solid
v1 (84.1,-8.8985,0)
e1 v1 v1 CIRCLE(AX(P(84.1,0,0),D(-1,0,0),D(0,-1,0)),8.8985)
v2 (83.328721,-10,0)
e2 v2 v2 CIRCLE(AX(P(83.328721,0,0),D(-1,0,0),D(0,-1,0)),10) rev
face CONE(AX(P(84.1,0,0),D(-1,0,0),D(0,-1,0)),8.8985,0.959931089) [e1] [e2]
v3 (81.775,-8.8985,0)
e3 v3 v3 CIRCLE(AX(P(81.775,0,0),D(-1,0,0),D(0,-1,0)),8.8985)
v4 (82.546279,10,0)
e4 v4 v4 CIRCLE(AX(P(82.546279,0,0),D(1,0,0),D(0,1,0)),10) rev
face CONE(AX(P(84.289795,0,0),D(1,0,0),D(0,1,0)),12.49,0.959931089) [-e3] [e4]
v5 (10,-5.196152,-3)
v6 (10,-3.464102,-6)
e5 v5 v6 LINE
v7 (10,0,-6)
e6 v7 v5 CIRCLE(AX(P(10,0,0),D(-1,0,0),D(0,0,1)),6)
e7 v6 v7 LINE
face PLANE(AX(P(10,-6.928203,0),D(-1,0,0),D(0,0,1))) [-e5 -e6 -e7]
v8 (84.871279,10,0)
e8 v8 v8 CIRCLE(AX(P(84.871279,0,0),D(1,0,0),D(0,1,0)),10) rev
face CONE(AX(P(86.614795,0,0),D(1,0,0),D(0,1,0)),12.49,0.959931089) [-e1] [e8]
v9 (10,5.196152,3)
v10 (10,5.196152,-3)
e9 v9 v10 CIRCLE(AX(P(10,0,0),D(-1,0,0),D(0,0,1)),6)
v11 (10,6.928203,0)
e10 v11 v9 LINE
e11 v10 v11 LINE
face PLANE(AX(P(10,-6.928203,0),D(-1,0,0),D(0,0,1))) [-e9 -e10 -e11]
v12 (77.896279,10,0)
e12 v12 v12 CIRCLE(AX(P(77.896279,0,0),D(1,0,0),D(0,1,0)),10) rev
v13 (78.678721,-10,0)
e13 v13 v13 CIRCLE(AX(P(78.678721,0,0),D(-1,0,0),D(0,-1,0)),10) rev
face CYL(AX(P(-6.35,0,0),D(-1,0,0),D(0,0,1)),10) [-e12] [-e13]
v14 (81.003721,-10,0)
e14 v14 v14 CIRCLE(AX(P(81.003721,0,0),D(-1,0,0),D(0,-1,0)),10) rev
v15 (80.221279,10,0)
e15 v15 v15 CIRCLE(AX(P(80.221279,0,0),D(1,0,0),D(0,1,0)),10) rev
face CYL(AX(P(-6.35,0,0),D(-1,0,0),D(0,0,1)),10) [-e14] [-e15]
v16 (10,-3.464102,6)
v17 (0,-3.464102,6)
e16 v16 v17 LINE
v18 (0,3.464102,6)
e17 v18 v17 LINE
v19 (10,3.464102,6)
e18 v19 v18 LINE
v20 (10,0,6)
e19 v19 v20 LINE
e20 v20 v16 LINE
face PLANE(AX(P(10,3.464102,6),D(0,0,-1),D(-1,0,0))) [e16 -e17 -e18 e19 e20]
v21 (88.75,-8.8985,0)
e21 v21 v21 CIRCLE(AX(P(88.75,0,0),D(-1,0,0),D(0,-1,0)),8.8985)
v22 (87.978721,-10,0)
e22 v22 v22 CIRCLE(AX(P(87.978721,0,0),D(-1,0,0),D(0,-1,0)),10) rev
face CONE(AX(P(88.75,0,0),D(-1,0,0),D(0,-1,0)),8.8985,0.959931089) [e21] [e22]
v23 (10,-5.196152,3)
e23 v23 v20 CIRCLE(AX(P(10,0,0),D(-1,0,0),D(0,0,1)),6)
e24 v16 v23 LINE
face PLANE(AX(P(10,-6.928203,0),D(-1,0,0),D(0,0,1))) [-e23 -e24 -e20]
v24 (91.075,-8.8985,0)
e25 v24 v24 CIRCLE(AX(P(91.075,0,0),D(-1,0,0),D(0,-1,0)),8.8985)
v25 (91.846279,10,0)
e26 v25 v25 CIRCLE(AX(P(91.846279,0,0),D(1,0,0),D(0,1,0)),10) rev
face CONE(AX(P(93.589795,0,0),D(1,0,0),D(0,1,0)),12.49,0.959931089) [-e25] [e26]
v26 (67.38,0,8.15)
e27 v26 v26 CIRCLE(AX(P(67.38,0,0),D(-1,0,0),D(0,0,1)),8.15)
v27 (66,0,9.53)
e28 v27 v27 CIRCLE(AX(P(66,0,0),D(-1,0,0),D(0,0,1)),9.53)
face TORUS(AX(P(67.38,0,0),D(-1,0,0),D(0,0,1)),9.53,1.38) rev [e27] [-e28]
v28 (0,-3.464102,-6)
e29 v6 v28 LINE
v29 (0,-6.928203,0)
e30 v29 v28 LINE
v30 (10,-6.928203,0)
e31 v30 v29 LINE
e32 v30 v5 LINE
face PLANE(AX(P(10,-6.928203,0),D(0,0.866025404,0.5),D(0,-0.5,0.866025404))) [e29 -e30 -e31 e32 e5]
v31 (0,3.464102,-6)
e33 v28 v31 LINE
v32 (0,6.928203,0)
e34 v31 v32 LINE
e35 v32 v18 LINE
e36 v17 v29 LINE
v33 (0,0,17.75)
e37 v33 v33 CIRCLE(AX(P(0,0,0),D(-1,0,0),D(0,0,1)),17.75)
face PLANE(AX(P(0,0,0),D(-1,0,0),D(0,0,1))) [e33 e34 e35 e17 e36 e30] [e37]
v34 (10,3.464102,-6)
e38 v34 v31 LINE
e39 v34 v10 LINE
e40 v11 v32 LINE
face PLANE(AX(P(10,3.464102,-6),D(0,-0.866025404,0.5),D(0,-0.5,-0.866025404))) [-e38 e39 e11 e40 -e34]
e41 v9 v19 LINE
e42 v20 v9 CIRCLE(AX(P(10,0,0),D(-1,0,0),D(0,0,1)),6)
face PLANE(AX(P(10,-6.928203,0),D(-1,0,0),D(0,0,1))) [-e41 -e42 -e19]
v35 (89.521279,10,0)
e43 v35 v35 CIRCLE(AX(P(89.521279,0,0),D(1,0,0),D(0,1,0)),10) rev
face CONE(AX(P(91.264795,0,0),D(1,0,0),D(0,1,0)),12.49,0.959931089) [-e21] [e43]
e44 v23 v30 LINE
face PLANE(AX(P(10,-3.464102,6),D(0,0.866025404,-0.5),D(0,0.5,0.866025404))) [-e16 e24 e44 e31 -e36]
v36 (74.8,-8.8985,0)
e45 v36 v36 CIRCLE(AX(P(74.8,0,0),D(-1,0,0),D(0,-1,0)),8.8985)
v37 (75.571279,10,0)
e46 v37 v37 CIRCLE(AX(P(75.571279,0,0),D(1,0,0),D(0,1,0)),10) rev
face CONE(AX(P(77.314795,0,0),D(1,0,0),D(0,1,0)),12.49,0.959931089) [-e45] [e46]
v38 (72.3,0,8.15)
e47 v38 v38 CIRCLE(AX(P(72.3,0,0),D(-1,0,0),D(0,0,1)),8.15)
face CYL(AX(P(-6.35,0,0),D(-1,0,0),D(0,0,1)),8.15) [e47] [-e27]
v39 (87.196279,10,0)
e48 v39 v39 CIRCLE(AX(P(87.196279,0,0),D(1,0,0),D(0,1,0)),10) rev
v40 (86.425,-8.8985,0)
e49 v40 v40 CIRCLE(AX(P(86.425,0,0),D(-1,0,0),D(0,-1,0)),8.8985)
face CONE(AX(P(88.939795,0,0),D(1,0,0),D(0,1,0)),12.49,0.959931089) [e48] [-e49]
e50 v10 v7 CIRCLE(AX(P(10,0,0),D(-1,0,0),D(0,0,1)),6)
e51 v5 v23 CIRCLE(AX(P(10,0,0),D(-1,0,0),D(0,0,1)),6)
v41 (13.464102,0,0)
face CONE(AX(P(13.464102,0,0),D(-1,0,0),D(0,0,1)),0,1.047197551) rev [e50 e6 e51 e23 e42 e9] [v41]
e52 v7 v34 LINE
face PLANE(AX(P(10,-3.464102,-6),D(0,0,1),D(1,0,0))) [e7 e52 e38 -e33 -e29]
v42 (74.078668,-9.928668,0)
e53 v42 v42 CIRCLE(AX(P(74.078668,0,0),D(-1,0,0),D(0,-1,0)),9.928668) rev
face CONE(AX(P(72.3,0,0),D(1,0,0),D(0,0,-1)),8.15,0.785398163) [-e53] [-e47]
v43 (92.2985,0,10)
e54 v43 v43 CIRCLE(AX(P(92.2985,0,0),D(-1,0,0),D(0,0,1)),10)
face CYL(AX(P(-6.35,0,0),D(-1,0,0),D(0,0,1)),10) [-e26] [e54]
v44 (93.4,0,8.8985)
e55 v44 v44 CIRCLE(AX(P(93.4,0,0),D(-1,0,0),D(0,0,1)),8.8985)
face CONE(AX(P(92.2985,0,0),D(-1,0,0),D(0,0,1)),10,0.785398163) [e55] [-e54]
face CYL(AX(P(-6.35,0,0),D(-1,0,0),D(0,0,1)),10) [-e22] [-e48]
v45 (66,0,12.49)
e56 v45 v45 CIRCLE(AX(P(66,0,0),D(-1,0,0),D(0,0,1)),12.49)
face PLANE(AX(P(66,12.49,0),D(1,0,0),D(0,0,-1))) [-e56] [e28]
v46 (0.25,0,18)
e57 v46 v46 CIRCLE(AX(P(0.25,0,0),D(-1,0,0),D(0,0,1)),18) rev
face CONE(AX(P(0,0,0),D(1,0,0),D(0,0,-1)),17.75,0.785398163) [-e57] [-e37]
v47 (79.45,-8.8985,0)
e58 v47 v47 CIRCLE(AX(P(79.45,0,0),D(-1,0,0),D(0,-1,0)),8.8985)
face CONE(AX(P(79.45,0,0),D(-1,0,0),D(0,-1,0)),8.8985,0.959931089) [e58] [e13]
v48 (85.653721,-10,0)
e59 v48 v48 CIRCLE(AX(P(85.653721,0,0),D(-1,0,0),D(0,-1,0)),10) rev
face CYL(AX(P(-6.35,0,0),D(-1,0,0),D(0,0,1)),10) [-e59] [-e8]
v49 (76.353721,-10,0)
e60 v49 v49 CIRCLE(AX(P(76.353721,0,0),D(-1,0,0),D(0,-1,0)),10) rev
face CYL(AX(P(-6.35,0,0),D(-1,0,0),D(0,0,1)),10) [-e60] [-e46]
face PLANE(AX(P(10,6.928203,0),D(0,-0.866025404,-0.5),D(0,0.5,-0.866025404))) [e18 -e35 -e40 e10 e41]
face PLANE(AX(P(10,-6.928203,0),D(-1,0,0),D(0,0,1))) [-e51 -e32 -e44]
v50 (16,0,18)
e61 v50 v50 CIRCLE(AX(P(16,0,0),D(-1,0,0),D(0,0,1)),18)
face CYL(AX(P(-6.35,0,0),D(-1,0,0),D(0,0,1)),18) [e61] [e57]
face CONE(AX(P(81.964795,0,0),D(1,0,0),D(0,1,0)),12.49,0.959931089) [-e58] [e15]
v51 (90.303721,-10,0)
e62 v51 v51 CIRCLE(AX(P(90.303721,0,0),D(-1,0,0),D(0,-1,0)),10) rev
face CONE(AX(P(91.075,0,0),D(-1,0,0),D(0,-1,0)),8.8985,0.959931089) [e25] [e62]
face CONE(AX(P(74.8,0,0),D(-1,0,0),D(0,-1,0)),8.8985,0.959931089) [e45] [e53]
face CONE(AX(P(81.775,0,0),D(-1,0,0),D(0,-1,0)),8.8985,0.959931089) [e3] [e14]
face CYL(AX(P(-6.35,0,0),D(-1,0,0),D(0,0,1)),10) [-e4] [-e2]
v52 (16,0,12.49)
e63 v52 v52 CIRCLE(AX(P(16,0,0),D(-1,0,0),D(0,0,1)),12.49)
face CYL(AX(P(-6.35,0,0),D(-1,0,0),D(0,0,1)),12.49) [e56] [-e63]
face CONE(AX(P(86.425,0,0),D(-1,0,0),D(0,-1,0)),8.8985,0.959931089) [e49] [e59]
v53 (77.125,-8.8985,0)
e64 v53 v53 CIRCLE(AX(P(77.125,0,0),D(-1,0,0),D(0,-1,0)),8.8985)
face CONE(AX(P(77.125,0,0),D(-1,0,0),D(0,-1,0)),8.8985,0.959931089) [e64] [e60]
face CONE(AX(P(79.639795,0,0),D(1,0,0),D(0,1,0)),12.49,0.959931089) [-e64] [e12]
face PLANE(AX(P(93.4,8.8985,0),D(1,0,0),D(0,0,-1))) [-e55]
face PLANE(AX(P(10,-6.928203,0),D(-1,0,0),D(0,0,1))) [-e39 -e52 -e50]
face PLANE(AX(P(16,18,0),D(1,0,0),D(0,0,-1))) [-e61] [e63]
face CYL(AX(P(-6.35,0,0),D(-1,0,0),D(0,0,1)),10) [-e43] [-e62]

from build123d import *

# Parameters (mm, degrees)
CHAMFER1_SIZE   = 0.25
HEX_2_DEPTH     = 10
THDSCHPAT_COUNT = 8
THDSCHPAT_PITCH = 2.325


with BuildPart() as part:
    # BodySke → BaseBody (revolve)
    with BuildSketch(Plane.XY, mode=Mode.PRIVATE) as basebody_sk:
        with BuildLine():
            Line((0, 0), (0, 18))
            Line((0, 18), (16, 18))
            Line((16, 18), (16, 12.49))
            Line((16, 12.49), (66, 12.49))
            Line((66, 12.49), (66, 9.53))
            ThreePointArc((66, 9.53), (66.404192642, 8.554192642), (67.38, 8.15))
            Line((67.38, 8.15), (72.3, 8.15))
            Line((72.3, 8.15), (74.15, 10))
            Line((74.15, 10), (92.2985, 10))
            Line((92.2985, 10), (93.4, 8.8985))
            Line((93.4, 8.8985), (93.4, 0))
            Line((93.4, 0), (0, 0))
        make_face()
    revolve(basebody_sk.sketch.rotate(Axis((-6.35, 0, 0), (1, 0, 0)), 90), axis=Axis((-6.35, 0, 0), (1, 0, 0)))

    # Chamfer1
    chamfer1_edges = [part.edges().sort_by_distance(p)[0] for p in [
        (0, 0, -18),
    ]]
    chamfer(chamfer1_edges, length=CHAMFER1_SIZE)

    # Sketch2 → PreBroach (revolve, cut)
    with BuildSketch(Plane.XY, mode=Mode.PRIVATE) as prebroach_sk:
        Polygon((0, 6), (10, 6), (13.464101615, 0), (0, 0), align=None)
    revolve(prebroach_sk.sketch.rotate(Axis((0, 0, 0), (1, 0, 0)), 90), axis=Axis((0, 0, 0), (1, 0, 0)), mode=Mode.SUBTRACT)

    # Sketch3 → Hex 2 (cut)
    with BuildSketch(Plane.ZY):
        Polygon((-6, -3.464101615), (-6, 3.464101615), (0, 6.92820323), (6, 3.464101615), (6, -3.464101615), (0, -6.92820323), align=None)
    extrude(amount=-HEX_2_DEPTH, mode=Mode.SUBTRACT)

    # ThdSchSke → ThreadSchematic (revolve, cut)
    with BuildSketch(Plane.XY):
        Polygon((74.8, -8.8985), (72.285204627, -12.49), (72.285204627, -15.6125), (77.314795373, -15.6125), (77.314795373, -12.49), align=None)
    threadschematic = revolve(axis=Axis((-3.175, 0, 0), (1, 0, 0)), mode=Mode.SUBTRACT)

    # ThdSchPat: ThreadSchematic ×8
    with Locations(*[(i * THDSCHPAT_PITCH, 0, 0) for i in range(1, THDSCHPAT_COUNT)]):
        add(threadschematic, mode=Mode.SUBTRACT)


solid = part.part
